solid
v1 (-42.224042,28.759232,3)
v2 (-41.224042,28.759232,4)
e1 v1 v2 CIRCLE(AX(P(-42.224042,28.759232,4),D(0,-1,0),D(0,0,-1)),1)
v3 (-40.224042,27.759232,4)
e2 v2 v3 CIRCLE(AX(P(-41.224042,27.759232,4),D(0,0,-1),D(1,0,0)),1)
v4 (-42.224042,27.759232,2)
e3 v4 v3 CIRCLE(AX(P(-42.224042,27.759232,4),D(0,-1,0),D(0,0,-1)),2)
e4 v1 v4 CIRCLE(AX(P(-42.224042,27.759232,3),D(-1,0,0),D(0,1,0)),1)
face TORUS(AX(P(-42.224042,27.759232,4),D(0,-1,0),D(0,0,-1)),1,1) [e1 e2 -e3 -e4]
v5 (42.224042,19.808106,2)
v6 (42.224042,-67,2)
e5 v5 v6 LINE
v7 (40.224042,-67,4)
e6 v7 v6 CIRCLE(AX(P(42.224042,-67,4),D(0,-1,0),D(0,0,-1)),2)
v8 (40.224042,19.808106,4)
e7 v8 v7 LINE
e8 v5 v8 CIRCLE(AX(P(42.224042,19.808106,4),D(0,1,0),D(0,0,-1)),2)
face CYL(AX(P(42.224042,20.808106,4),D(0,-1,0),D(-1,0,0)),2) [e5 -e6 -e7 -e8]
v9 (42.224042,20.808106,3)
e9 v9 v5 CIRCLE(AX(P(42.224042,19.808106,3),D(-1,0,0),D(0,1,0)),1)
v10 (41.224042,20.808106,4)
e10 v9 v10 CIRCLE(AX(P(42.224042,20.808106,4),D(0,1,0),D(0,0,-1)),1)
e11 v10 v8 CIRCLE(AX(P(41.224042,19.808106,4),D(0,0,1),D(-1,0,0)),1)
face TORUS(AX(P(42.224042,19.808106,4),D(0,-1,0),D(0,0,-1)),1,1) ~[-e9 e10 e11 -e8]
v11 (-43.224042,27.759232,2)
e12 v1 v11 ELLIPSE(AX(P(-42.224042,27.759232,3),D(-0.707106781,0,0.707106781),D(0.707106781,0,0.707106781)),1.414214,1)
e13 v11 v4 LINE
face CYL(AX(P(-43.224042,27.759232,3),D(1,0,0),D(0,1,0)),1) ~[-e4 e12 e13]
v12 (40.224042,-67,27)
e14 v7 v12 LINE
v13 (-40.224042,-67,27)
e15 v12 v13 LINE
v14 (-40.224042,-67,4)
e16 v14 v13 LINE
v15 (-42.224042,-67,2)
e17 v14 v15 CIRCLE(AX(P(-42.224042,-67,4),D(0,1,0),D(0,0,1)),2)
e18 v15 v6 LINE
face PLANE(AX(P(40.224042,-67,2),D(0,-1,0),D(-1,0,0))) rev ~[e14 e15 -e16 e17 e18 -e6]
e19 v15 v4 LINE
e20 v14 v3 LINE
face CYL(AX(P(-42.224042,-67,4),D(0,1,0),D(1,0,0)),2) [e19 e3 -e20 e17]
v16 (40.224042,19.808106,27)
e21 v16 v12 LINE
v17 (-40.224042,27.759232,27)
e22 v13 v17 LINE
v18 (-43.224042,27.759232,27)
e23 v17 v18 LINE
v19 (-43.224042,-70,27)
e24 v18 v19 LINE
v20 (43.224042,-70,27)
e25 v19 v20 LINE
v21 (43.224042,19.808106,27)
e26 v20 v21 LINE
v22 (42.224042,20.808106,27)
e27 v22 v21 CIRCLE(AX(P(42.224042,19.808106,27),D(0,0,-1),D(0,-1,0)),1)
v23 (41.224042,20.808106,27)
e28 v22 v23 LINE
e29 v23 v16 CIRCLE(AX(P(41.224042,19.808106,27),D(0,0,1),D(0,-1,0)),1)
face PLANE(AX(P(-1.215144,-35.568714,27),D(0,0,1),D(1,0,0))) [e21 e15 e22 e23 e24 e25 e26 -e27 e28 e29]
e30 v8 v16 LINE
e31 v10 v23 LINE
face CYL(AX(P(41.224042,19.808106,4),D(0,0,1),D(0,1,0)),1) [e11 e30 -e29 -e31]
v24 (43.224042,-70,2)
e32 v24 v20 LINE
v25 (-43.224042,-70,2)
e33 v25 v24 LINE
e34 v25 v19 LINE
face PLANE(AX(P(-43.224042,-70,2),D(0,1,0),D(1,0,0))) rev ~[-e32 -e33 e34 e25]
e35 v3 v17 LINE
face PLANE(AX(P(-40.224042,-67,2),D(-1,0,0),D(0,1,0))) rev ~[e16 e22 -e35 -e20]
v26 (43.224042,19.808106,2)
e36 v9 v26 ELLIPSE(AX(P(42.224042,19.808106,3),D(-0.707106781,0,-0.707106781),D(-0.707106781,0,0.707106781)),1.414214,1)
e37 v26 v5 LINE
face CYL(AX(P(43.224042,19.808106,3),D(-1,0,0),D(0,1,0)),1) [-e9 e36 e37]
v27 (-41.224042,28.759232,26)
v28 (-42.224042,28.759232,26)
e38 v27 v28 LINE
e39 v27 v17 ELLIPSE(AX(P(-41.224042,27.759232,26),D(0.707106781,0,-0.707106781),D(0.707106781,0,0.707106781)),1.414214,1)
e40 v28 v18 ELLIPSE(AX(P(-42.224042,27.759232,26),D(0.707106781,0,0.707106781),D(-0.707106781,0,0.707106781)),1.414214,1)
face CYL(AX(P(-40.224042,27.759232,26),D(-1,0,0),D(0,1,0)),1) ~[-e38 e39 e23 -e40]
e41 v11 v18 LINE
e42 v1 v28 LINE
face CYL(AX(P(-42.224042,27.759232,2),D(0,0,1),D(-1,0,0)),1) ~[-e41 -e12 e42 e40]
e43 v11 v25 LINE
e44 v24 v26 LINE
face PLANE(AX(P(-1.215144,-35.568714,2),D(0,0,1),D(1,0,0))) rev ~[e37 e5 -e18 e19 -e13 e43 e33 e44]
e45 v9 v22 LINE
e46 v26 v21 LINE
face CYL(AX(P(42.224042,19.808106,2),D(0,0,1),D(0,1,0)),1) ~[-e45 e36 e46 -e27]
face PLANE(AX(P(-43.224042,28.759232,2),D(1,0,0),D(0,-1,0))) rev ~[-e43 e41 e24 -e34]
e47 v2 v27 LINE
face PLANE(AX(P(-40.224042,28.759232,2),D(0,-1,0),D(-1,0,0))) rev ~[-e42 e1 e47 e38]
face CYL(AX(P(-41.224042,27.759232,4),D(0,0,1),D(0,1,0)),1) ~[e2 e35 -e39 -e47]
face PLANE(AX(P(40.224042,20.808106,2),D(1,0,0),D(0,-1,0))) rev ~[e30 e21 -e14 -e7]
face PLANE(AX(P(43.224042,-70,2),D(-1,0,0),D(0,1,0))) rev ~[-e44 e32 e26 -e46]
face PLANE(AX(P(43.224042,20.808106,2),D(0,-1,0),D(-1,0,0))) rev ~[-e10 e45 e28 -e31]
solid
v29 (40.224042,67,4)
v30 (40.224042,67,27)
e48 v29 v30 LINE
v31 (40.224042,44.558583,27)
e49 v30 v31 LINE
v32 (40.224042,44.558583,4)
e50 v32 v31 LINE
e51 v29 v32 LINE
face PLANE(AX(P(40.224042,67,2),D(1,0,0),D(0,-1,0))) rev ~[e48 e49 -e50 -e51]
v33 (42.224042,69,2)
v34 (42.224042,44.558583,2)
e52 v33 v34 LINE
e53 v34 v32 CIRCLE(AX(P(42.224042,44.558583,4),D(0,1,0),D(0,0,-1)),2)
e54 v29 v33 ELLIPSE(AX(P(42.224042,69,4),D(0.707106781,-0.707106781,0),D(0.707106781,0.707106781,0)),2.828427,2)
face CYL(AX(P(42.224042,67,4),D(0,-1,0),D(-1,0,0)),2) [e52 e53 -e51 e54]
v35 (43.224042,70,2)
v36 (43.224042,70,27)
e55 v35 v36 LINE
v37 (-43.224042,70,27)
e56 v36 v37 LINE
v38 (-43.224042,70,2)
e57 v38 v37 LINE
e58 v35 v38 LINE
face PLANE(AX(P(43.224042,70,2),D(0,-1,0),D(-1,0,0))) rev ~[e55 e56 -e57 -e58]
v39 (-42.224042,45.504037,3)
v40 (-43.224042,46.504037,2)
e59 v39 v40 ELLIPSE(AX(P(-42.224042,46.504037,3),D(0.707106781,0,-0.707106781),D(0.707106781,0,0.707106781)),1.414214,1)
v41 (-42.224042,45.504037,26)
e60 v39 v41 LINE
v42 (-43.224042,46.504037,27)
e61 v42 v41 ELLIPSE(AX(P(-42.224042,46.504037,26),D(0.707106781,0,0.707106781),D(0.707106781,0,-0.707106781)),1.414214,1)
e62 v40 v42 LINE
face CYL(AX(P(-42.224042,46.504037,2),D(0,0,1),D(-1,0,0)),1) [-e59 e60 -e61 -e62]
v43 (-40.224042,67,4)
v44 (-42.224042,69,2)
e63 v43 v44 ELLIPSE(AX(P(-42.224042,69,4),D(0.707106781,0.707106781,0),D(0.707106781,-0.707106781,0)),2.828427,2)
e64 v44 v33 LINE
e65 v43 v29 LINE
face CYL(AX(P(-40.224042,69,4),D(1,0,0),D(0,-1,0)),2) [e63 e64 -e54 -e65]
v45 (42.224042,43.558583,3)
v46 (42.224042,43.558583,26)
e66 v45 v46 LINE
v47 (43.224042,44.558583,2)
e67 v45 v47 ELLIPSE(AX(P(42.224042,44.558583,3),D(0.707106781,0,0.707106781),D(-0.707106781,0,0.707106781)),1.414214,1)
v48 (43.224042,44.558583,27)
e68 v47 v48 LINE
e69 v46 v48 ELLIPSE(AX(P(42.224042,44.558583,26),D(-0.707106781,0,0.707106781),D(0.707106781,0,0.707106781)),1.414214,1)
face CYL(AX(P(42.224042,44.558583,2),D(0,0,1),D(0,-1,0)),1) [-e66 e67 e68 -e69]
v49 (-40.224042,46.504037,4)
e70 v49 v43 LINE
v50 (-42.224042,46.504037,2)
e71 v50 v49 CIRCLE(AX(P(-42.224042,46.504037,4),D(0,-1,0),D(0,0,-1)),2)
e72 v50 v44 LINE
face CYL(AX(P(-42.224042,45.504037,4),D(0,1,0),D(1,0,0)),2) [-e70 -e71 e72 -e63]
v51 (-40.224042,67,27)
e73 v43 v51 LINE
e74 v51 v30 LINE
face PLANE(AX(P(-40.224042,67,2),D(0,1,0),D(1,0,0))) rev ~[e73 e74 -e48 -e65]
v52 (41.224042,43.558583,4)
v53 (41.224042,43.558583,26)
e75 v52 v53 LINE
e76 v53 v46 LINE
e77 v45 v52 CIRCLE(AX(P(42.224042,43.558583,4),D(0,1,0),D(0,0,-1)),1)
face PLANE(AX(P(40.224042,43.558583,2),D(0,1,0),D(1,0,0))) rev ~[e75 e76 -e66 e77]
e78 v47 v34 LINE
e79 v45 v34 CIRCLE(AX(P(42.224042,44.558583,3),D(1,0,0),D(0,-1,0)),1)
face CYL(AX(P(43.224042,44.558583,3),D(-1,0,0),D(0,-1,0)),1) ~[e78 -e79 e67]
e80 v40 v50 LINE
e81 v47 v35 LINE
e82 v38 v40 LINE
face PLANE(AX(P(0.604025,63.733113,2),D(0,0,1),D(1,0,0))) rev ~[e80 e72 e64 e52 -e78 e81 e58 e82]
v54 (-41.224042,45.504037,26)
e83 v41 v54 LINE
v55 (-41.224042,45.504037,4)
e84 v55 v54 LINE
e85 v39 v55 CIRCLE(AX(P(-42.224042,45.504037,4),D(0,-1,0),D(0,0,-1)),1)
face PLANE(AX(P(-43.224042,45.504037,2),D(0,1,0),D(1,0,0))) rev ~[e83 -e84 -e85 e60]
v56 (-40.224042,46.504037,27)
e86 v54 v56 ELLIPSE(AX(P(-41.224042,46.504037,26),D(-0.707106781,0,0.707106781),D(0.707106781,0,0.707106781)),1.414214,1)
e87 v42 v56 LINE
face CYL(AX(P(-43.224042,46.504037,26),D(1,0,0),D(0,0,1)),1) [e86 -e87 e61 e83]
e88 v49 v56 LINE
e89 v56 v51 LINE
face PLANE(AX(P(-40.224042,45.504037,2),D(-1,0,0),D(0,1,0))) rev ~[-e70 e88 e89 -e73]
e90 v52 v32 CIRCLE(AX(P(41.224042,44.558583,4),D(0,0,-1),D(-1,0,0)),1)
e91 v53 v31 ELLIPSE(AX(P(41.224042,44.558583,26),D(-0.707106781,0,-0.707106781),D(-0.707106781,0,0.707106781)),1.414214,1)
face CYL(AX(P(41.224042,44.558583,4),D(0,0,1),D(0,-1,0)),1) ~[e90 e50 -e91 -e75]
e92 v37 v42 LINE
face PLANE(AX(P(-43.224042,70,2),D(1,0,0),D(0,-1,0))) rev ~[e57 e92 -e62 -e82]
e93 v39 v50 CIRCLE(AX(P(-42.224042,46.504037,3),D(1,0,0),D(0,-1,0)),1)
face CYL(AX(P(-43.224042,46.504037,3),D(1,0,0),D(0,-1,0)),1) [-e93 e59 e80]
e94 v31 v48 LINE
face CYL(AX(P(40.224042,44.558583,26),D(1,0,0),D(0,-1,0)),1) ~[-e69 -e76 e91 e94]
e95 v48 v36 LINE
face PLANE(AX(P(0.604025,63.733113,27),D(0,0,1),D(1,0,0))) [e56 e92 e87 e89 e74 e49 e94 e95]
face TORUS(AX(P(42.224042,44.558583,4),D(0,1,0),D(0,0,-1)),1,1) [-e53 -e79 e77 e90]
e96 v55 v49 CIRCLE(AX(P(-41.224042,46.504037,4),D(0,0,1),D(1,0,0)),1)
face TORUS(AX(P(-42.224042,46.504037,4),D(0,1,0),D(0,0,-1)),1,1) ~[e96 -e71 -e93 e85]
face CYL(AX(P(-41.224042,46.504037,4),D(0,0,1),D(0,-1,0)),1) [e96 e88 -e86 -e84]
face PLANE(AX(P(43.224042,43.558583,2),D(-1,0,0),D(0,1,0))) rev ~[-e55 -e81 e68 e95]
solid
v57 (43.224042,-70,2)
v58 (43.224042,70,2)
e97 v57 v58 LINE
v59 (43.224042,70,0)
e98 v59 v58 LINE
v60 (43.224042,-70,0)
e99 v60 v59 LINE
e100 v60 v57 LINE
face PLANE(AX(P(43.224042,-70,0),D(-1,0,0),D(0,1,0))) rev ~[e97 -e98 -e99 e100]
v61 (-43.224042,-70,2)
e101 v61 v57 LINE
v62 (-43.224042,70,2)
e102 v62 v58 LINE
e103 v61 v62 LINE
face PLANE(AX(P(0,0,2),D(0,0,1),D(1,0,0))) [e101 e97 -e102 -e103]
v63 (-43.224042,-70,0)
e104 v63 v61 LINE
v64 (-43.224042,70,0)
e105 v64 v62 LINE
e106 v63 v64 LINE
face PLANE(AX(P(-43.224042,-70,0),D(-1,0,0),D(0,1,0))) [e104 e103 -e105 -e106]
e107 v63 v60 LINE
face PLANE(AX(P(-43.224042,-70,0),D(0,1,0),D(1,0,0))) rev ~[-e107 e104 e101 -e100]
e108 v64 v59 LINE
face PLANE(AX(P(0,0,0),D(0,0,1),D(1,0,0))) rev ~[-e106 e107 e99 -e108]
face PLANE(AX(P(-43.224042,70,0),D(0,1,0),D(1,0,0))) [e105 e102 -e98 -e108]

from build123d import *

# Parameters (mm, degrees)
F0_W     = 86.4480845821
F0_H     = 140
F1_DEPTH = 2
F3_DEPTH = 25
F4_R     = 2
F4_2_R   = 2
F5_R     = 1
F5_2_R   = 1


with BuildPart() as f1:
    # F0 (on Top) → F1 (new body)
    with BuildSketch(Plane.XY):
        Rectangle(F0_W, F0_H)
    extrude(amount=F1_DEPTH)


with BuildPart() as f3:
    # F2 (on face) → F3 (new body)
    with BuildSketch(Plane.XY.offset(2)):
        Polygon((-43.224042291, -70), (43.224042291, -70), (43.224042291, 20.8081062883), (40.224042291, 20.8081062883), (40.224042291, -67), (-40.224042291, -67), (-40.224042291, 28.7592317909), (-43.224042291, 28.7592317909), align=None)
    extrude(amount=F3_DEPTH)

    # F4#2
    f4_2_edges = [f3.edges().sort_by_distance(p)[0] for p in [
        (40.224042, -23.095947, 2),
        (-40.224042, -19.120384, 2),
    ]]
    fillet(f4_2_edges, radius=F4_2_R)

    # F5
    f5_edges = [f3.edges().sort_by_distance(p)[0] for p in [
        (-40.224042, 28.759232, 15.5),
        (40.224042, 20.808106, 15.5),
        (43.224042, 20.808106, 14.5),
        (-40.809829, 28.759232, 2.585786),
        (-41.724042, 28.759232, 27),
        (-42.724042, 28.759232, 2),
        (-43.224042, 28.759232, 14.5),
        (-40.224042, -19.120384, 4),
        (40.224042, -23.095947, 4),
    ]]
    fillet(f5_edges, radius=F5_R)


with BuildPart() as f3b:
    # F2 (on face) → F3, piece 2 (new body)
    with BuildSketch(Plane.XY.offset(2)):
        Polygon((40.224042291, 43.5585826635), (43.224042291, 43.5585826635), (43.224042291, 70), (-43.224042291, 70), (-43.224042291, 45.5040372908), (-40.224042291, 45.5040372908), (-40.224042291, 67), (40.224042291, 67), align=None)
    extrude(amount=F3_DEPTH)

    # F4
    f4_edges = [f3b.edges().sort_by_distance(p)[0] for p in [
        (0, 67, 2),
        (-40.224042, 56.252019, 2),
        (40.224042, 55.279291, 2),
    ]]
    fillet(f4_edges, radius=F4_R)

    # F5#2
    f5_2_edges = [f3b.edges().sort_by_distance(p)[0] for p in [
        (40.224042, 43.558583, 15.5),
        (40.809829, 43.558583, 2.585786),
        (41.724042, 43.558583, 27),
        (42.724042, 43.558583, 2),
        (43.224042, 43.558583, 14.5),
        (-40.224042, 45.504037, 15.5),
        (-40.809829, 45.504037, 2.585786),
        (-41.724042, 45.504037, 27),
        (-42.724042, 45.504037, 2),
        (-43.224042, 45.504037, 14.5),
    ]]
    fillet(f5_2_edges, radius=F5_2_R)


solid = Compound([f1.part, f3.part, f3b.part])
